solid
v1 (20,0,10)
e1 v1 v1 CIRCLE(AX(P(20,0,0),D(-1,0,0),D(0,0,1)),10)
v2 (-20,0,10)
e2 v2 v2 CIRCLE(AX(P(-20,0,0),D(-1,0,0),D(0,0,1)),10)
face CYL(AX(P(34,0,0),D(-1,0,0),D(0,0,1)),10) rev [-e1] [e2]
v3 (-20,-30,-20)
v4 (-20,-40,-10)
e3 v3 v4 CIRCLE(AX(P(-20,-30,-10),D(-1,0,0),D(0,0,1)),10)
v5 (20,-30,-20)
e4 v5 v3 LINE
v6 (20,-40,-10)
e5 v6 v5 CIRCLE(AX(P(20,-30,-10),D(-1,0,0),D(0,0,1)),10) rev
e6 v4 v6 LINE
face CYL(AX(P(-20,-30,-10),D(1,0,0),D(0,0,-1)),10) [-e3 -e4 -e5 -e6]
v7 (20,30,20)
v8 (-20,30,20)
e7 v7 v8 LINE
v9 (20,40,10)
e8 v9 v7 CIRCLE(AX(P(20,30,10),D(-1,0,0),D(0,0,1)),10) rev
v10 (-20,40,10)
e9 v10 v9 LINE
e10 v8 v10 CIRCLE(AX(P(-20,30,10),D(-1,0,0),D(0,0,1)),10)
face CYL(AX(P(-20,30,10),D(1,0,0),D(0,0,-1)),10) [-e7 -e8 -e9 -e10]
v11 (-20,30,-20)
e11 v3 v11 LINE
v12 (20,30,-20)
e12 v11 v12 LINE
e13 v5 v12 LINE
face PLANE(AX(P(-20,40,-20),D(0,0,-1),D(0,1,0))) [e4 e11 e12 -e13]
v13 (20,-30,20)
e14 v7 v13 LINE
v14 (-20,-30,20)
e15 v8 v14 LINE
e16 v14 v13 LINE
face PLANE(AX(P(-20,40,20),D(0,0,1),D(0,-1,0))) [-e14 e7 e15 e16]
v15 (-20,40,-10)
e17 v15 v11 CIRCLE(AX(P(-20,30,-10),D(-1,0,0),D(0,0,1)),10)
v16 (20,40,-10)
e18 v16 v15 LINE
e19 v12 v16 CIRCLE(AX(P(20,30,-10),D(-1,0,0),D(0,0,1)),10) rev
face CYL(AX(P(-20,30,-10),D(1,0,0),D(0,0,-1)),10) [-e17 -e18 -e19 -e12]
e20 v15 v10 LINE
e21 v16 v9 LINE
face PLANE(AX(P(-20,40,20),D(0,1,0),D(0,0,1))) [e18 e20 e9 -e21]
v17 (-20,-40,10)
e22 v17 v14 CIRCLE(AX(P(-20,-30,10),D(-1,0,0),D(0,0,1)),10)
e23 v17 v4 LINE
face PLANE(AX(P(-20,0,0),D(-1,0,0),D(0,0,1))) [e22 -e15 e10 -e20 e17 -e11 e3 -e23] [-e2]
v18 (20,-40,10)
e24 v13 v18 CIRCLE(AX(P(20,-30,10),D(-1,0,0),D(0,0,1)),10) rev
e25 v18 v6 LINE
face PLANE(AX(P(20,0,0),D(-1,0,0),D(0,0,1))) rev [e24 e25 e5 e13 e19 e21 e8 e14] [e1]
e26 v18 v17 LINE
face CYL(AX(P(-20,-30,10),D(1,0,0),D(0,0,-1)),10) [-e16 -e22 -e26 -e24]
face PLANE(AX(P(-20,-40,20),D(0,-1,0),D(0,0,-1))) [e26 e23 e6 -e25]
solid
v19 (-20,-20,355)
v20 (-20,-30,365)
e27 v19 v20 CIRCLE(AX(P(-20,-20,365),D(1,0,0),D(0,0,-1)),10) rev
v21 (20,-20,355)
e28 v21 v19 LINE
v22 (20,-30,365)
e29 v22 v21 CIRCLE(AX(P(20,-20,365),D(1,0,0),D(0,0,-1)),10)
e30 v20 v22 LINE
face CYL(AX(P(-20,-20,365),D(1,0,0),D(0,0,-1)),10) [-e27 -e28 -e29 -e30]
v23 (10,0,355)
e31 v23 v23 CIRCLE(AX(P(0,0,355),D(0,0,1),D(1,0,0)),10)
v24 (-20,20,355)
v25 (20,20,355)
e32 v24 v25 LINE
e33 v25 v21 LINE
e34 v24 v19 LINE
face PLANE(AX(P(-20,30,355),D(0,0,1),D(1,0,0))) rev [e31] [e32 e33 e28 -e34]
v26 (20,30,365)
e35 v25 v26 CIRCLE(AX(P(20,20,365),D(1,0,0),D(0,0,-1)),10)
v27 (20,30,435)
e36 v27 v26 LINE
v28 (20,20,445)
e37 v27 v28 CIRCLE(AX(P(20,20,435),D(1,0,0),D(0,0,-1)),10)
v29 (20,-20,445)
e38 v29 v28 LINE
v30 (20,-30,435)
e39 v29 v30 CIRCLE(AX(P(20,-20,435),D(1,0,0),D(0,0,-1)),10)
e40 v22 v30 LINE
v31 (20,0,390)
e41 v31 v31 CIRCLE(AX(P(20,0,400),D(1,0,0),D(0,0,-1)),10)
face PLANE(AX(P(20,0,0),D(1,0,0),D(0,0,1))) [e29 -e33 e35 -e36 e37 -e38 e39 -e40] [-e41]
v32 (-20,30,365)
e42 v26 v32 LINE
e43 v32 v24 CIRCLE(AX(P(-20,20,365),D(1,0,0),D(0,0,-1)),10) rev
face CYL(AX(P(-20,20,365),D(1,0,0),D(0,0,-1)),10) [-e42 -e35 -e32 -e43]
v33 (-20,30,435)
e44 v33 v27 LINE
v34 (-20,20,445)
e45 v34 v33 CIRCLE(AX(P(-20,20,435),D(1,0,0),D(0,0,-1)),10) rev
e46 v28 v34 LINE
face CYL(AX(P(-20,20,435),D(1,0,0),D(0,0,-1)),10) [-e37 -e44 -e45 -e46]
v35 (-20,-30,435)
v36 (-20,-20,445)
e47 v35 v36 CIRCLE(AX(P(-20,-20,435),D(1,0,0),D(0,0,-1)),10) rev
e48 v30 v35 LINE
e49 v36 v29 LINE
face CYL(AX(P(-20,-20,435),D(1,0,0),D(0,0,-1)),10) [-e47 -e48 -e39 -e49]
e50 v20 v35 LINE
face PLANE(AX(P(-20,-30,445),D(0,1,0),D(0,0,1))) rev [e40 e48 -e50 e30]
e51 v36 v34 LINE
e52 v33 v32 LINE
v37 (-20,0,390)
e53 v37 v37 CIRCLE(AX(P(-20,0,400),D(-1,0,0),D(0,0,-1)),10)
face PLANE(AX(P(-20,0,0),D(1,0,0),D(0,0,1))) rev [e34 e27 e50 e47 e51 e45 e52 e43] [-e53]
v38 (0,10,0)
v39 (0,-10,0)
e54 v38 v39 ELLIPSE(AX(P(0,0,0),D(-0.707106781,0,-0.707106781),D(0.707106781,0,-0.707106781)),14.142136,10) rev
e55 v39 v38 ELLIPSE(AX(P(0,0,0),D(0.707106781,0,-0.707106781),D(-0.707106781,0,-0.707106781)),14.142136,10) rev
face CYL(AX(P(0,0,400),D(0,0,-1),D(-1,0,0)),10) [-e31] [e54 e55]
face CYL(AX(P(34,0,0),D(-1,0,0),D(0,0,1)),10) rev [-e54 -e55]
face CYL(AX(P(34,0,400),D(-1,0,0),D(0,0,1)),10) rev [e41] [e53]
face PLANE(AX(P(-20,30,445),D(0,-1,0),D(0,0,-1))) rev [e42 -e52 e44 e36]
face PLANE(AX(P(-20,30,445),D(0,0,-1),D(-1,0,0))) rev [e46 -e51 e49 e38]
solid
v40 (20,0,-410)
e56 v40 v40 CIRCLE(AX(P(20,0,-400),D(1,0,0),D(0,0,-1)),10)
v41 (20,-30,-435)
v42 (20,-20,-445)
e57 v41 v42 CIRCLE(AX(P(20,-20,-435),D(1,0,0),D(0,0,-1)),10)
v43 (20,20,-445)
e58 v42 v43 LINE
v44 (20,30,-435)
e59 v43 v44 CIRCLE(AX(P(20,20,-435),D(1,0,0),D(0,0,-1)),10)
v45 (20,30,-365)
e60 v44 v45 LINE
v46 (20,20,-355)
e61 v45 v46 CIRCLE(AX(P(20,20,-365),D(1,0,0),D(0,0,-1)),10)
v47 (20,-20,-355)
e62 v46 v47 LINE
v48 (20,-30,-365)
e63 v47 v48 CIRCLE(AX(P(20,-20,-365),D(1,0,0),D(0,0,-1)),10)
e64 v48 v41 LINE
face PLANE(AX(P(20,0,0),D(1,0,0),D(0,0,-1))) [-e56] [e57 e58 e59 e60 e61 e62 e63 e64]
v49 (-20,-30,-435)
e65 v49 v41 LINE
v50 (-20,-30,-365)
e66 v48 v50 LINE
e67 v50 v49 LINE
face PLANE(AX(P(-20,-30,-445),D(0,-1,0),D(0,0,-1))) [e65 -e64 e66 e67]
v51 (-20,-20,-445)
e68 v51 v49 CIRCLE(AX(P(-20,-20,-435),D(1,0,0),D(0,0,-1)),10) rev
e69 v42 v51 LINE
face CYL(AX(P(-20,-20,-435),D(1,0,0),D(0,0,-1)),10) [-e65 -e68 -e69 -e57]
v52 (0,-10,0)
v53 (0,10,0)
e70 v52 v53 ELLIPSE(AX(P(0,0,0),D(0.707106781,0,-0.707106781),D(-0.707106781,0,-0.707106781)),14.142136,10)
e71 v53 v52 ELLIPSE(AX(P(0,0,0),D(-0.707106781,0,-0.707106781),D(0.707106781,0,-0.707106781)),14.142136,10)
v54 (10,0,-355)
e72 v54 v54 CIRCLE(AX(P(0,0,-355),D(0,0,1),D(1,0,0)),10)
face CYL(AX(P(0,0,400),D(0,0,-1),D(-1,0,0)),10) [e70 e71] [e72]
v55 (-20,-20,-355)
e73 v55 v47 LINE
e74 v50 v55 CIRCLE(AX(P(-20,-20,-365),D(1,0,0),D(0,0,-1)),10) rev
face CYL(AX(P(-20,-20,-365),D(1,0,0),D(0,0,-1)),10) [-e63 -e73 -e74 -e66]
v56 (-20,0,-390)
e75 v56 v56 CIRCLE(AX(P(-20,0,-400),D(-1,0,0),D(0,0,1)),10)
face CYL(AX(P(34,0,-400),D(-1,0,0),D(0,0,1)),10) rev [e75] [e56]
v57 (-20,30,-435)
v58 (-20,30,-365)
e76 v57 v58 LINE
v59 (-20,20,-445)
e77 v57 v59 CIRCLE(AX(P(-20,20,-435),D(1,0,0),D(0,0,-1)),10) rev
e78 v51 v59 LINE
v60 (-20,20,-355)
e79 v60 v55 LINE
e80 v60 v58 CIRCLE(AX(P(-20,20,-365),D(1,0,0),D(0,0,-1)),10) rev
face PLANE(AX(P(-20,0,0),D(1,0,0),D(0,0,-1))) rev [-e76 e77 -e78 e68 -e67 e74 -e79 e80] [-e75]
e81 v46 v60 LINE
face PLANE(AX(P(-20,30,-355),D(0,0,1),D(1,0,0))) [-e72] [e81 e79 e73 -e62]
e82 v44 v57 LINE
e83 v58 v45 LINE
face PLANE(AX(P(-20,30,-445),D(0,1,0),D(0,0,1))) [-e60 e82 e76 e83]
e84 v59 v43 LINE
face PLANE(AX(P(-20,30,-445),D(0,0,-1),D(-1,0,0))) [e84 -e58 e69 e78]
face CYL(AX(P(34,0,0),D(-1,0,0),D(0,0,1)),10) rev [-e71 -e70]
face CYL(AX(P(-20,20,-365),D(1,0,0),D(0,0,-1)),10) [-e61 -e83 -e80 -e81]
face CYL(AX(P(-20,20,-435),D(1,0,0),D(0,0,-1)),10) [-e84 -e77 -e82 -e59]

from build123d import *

# Parameters (mm, degrees)
SKETCH1_R                = 10
BOSS_EXTRUDE1_DEPTH      = 400
BOSS_EXTRUDE2_DEPTH      = 20
BOSS_EXTRUDE2_DEPTH_BACK = 20
SKETCH2_W                = 80
SKETCH2_H                = 40
SKETCH3_W                = 60
SKETCH3_H                = 90
BOSS_EXTRUDE3_DEPTH      = 20
SKETCH4_R                = 10
CUT_EXTRUDE1_DEPTH       = 54
SKETCH5_R                = 10
CUT_EXTRUDE4_DEPTH       = 54
FILLET1_R                = 10
FILLET2_R                = 10
FILLET3_R                = 10


with BuildPart() as part:
    # Sketch1 → Boss-Extrude1 (new body)
    with BuildSketch(Plane(origin=(0, 0, 0), x_dir=(0, 1, 0), z_dir=(0, 0, 1))):
        Circle(SKETCH1_R)
    boss_extrude1 = extrude(amount=BOSS_EXTRUDE1_DEPTH)

    # Mirror1: Boss-Extrude1 across plane
    add(boss_extrude1.mirror(Plane.XY))

    # Sketch3 → Boss-Extrude3 (add, symmetric)
    with BuildSketch(Plane.YZ):
        with Locations((0, -400)):
            Rectangle(SKETCH3_W, SKETCH3_H)
    boss_extrude3 = extrude(amount=BOSS_EXTRUDE3_DEPTH, both=True)

    # Mirror2: Boss-Extrude3 across plane
    add(boss_extrude3.mirror(Plane.XY))

    # Sketch4 → Cut-Extrude1 (cut)
    with BuildSketch(Plane(origin=(-20, 0, 0), x_dir=(0, -1, 0), z_dir=(-1, 0, 0))):
        with Locations((0, -400)):
            Circle(SKETCH4_R)
        with Locations((0, 400)):
            Circle(SKETCH4_R)
    extrude(amount=-CUT_EXTRUDE1_DEPTH, mode=Mode.SUBTRACT)


with BuildPart() as body_2:
    # Sketch2 → Boss-Extrude2 (new, two sides: drawn at the far end of the back side and taken through both)
    with BuildSketch(Plane.YZ.offset(-BOSS_EXTRUDE2_DEPTH_BACK)):
        Rectangle(SKETCH2_W, SKETCH2_H)
    extrude(amount=BOSS_EXTRUDE2_DEPTH + BOSS_EXTRUDE2_DEPTH_BACK)


with BuildPart() as cut_extrude4_tool:
    # Sketch5 → Cut-Extrude4 (new body)
    with BuildSketch(Plane(origin=(-20, 0, 0), x_dir=(0, -1, 0), z_dir=(-1, 0, 0))):
        Circle(SKETCH5_R)
    extrude(amount=-CUT_EXTRUDE4_DEPTH)


with BuildPart() as part_1:
    add(part.part)

    # Cut-Extrude4: cut by cut_extrude4_tool
    add(cut_extrude4_tool.part, mode=Mode.SUBTRACT)

    # Fillet1
    fillet1_edges = [part_1.edges().sort_by_distance(p)[0] for p in [
        (0, -30, -445),
        (0, 30, -445),
        (0, 30, -355),
        (0, -30, -355),
    ]]
    fillet(fillet1_edges, radius=FILLET1_R)

    # Fillet3
    fillet3_edges = [part_1.edges().sort_by_distance(p)[0] for p in [
        (0, -30, 355),
        (0, 30, 355),
        (0, -30, 445),
        (0, 30, 445),
    ]]
    fillet(fillet3_edges, radius=FILLET3_R)


with BuildPart() as body_2_1:
    add(body_2.part)

    # Cut-Extrude4: cut by cut_extrude4_tool
    add(cut_extrude4_tool.part, mode=Mode.SUBTRACT)

    # Fillet2
    fillet2_edges = [body_2_1.edges().sort_by_distance(p)[0] for p in [
        (0, -40, -20),
        (0, 40, -20),
        (0, 40, 20),
        (0, -40, 20),
    ]]
    fillet(fillet2_edges, radius=FILLET2_R)


solid = Compound([part_1.part, body_2_1.part])
